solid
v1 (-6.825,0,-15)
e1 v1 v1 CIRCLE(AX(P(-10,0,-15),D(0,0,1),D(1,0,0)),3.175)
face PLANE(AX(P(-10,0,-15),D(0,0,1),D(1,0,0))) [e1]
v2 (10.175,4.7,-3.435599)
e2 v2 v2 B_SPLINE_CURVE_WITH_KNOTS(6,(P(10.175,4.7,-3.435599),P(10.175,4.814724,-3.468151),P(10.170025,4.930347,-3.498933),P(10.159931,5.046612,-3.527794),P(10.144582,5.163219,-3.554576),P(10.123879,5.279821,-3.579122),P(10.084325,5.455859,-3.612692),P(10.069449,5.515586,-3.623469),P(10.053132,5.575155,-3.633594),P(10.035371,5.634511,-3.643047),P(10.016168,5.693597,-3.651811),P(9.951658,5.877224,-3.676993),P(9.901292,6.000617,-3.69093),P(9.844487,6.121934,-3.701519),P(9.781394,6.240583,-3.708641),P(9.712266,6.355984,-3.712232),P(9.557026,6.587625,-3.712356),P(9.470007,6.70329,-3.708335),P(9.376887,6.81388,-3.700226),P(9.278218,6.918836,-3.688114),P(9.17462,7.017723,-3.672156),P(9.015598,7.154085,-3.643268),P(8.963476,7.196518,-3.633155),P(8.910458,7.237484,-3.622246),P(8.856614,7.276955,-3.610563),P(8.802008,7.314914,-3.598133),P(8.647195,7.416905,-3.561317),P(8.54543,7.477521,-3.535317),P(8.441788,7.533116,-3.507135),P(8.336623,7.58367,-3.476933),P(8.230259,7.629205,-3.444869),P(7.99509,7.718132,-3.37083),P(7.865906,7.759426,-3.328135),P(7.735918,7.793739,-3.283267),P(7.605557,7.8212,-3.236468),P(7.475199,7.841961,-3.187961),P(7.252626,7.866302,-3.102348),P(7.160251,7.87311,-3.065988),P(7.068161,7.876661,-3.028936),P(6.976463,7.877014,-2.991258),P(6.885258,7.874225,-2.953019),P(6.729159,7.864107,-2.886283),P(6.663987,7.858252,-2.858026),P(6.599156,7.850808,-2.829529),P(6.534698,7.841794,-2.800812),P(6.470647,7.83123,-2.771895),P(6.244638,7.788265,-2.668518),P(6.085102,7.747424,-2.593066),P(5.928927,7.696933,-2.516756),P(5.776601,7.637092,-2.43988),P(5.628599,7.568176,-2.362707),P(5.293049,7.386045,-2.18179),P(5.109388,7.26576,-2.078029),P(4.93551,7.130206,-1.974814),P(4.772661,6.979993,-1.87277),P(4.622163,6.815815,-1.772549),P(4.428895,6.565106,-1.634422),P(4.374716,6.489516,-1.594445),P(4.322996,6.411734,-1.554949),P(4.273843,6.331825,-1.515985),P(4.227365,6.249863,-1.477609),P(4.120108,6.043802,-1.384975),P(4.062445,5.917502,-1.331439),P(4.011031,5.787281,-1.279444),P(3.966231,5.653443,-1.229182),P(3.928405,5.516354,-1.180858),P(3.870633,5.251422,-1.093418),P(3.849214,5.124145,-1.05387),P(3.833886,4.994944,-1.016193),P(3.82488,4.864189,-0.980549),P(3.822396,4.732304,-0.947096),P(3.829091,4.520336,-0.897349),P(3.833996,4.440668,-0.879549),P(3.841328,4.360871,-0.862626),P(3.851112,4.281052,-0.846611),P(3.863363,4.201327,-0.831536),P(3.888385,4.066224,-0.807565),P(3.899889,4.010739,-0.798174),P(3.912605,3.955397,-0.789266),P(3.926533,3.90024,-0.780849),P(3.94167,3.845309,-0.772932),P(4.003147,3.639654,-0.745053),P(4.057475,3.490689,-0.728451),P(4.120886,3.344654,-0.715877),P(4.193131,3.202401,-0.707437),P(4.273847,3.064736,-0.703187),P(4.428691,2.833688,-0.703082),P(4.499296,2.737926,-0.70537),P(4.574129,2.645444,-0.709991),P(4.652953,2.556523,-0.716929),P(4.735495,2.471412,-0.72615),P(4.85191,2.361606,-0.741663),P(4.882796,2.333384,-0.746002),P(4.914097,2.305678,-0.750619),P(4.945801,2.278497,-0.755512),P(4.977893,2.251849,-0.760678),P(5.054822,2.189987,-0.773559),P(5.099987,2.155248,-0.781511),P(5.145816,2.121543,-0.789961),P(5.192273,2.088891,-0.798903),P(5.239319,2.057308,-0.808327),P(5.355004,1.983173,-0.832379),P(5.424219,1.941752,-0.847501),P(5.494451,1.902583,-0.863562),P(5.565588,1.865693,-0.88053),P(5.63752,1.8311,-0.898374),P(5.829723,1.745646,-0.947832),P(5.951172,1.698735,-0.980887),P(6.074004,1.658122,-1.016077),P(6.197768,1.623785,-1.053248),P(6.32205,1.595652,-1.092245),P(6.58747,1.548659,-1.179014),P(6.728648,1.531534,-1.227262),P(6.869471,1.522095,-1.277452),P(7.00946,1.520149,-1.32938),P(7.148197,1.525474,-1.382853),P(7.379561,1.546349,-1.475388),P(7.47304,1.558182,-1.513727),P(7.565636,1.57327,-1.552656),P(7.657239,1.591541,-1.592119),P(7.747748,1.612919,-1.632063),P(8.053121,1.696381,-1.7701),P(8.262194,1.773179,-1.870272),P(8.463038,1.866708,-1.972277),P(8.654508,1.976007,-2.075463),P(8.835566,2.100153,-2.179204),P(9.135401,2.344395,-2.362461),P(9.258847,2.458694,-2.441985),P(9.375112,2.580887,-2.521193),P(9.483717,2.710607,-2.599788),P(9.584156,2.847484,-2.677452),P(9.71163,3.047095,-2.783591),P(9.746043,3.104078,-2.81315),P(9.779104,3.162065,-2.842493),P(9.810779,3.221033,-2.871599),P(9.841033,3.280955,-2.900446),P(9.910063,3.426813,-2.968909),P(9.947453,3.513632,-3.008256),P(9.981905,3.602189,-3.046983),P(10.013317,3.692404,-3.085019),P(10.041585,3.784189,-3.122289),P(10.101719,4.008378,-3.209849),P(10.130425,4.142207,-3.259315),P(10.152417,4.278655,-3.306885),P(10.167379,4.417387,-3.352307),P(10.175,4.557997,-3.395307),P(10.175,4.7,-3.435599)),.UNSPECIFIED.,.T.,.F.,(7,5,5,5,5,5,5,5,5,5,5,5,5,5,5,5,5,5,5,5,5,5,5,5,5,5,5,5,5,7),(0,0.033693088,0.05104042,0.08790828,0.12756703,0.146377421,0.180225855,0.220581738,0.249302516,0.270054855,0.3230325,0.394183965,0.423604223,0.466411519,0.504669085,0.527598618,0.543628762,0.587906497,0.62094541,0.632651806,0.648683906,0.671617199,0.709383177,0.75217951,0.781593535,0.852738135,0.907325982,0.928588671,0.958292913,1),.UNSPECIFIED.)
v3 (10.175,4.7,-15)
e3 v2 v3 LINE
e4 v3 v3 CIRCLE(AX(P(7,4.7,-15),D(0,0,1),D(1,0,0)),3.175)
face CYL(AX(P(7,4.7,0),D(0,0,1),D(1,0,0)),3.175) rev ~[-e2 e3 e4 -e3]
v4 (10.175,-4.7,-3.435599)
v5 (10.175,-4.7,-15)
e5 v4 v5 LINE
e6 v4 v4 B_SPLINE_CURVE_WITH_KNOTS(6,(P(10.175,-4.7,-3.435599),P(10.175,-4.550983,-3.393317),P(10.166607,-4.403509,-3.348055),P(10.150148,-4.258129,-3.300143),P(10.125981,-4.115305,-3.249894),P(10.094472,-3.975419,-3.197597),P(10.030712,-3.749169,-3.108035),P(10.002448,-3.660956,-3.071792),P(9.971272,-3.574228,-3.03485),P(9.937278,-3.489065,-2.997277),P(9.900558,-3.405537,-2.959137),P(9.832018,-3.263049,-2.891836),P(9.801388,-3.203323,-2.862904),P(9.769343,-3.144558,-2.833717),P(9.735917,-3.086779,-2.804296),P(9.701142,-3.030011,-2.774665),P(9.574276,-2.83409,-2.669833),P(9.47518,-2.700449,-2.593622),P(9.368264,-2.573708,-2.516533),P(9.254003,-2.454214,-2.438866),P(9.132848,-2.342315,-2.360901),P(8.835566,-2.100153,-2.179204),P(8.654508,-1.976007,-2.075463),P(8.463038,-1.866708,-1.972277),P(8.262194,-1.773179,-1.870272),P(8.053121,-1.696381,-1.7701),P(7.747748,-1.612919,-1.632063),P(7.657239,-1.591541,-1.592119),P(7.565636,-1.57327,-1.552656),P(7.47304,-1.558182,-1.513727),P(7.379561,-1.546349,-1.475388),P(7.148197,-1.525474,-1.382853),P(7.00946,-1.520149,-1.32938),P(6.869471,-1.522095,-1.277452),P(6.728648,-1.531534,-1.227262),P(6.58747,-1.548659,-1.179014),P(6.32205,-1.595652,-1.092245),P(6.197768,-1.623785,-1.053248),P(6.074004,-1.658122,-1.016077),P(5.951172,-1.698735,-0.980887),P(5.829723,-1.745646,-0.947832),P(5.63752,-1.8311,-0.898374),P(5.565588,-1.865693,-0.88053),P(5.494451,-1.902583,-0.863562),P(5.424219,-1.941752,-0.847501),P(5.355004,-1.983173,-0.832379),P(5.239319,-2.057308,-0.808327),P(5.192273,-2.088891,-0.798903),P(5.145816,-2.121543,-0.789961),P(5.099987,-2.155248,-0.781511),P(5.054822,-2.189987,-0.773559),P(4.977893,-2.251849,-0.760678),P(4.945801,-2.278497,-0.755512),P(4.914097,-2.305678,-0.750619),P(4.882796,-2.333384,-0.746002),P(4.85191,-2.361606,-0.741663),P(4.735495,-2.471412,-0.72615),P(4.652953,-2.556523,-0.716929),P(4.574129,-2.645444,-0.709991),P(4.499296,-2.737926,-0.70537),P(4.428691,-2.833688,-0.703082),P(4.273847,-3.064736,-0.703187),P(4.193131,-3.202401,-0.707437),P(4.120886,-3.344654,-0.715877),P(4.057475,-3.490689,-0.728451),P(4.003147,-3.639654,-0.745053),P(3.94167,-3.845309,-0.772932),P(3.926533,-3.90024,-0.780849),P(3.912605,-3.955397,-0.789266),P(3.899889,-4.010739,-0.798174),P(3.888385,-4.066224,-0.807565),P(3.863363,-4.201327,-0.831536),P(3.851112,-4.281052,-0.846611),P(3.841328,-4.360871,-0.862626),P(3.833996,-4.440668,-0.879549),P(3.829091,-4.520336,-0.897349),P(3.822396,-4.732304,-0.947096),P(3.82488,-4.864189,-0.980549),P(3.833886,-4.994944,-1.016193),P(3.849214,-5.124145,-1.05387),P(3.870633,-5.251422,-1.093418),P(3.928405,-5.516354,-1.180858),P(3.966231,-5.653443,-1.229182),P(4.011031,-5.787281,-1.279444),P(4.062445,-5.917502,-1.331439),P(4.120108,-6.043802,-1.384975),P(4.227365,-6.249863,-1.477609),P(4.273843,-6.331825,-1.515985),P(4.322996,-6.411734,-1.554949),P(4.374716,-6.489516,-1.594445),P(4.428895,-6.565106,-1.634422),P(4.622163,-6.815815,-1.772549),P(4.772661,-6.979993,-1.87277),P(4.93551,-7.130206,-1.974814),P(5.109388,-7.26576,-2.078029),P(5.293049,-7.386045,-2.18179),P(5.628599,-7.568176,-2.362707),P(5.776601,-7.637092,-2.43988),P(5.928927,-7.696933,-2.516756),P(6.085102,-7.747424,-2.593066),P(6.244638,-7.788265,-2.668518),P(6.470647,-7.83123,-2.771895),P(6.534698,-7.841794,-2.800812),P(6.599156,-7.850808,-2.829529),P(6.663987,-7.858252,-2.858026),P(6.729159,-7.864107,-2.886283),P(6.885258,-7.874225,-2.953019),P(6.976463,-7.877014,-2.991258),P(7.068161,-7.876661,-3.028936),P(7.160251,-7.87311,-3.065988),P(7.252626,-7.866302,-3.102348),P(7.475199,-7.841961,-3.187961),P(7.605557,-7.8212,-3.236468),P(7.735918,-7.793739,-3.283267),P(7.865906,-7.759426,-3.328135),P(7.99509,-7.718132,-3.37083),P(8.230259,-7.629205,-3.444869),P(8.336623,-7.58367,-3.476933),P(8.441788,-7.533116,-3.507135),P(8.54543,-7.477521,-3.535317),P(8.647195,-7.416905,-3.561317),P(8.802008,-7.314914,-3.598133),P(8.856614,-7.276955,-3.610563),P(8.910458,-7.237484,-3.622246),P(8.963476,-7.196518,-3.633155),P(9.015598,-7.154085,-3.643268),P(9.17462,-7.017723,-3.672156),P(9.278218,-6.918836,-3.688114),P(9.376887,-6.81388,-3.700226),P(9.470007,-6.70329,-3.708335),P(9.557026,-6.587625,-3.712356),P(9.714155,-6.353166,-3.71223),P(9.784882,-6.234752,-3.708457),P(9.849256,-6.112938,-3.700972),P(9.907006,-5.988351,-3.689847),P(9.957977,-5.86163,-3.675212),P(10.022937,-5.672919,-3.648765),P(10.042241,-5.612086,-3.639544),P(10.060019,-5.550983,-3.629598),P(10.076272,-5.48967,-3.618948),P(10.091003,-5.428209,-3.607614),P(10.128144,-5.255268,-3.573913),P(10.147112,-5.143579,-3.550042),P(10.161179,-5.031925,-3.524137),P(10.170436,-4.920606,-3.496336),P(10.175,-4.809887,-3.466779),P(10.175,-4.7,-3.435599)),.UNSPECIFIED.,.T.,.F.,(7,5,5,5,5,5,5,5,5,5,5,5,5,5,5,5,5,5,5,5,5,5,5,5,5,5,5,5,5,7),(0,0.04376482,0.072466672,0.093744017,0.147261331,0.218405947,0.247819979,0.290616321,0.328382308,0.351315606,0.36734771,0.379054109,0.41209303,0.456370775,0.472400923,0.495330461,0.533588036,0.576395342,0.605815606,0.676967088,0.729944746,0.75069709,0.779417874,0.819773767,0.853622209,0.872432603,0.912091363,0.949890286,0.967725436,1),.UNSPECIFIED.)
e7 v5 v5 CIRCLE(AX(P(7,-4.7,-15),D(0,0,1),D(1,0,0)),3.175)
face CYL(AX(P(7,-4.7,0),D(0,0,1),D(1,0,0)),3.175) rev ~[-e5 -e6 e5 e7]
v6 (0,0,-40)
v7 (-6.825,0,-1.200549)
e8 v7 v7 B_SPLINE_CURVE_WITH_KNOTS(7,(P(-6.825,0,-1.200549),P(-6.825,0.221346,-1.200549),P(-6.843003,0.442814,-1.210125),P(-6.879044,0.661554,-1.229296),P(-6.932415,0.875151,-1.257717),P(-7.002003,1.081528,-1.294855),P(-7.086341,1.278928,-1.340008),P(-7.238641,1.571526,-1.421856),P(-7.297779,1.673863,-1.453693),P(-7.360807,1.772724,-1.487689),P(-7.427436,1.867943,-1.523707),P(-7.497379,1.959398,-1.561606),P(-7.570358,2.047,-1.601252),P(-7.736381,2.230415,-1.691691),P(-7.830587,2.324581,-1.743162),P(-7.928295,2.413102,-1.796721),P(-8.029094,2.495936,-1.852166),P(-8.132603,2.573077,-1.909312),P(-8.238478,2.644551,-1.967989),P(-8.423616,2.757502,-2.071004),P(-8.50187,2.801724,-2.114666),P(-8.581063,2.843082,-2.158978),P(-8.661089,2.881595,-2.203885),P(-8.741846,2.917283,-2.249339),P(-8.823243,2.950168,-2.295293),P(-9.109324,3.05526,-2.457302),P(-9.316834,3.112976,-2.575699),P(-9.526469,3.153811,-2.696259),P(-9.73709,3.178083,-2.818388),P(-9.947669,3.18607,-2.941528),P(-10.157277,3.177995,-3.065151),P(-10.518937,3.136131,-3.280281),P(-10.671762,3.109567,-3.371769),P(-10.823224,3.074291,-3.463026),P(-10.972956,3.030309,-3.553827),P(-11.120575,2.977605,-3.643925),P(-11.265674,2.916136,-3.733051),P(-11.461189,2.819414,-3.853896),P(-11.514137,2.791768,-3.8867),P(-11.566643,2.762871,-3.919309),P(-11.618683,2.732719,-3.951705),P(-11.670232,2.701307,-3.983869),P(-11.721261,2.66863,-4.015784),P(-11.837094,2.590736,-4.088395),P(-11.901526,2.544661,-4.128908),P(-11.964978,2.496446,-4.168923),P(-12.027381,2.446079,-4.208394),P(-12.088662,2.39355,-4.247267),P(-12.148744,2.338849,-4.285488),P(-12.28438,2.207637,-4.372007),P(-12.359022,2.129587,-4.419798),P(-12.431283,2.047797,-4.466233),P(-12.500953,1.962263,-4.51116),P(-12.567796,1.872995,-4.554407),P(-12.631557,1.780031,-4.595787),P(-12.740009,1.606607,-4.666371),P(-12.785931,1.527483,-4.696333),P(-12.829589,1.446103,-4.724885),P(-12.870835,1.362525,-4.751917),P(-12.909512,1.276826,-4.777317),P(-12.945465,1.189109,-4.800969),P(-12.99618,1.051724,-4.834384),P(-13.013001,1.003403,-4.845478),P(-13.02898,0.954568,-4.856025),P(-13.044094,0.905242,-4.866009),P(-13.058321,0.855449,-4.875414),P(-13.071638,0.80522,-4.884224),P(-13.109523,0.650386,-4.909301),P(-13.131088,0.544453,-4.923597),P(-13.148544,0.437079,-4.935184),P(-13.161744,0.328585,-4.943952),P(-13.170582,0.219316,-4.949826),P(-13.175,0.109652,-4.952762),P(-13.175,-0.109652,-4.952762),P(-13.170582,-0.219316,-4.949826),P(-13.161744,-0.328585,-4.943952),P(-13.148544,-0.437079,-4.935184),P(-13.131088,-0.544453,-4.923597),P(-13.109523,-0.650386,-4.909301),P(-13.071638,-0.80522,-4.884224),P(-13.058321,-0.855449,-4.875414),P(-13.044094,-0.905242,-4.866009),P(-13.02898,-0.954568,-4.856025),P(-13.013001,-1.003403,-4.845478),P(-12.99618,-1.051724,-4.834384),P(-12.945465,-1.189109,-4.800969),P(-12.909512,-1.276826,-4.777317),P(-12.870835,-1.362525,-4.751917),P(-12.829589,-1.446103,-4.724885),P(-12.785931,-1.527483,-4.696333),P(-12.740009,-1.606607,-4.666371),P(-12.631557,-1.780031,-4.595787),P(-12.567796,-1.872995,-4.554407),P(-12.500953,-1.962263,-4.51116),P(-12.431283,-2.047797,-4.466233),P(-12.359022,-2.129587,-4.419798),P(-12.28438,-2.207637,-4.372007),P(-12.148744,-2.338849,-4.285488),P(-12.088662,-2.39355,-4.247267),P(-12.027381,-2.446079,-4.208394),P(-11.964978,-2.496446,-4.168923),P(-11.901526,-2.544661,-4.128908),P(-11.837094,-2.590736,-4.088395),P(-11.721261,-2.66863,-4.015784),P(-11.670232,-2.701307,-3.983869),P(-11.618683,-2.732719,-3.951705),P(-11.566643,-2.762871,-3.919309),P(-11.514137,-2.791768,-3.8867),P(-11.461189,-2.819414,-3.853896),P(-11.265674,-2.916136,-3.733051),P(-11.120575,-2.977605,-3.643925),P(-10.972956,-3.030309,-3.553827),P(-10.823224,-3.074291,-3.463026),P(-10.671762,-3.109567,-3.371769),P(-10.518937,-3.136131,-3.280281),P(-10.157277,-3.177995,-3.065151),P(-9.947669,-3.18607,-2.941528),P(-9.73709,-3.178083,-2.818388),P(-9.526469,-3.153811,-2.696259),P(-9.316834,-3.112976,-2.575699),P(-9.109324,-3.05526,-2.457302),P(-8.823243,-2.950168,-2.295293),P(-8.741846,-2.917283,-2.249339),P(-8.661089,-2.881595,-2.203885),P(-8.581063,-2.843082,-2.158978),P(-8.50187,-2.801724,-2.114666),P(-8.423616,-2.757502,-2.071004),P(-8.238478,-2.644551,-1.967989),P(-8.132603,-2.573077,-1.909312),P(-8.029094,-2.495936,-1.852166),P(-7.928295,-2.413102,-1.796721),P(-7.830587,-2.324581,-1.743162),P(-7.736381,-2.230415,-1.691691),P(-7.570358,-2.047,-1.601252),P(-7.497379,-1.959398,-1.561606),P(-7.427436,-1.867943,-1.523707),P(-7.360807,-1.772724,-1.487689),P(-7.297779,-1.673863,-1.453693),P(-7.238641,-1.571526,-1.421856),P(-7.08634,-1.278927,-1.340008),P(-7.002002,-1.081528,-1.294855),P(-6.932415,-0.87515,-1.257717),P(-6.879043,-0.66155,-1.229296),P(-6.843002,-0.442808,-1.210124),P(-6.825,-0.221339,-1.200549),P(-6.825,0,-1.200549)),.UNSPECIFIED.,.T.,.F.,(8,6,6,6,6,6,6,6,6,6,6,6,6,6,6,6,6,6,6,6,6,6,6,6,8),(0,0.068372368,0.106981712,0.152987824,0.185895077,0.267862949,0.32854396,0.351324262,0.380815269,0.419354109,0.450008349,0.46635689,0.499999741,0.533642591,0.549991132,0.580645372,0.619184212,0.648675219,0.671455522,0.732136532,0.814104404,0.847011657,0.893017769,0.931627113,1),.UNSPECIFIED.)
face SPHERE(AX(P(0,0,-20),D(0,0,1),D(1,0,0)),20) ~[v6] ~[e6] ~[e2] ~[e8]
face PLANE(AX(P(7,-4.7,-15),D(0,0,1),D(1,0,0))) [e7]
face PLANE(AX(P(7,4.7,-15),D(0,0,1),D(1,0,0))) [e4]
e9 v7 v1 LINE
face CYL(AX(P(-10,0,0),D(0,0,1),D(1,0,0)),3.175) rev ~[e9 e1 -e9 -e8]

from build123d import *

# Parameters (mm, degrees)
F2_R     = 3.175
F3_DEPTH = 15


with BuildPart() as f1:
    # F0 (on Front) → F1 (revolve)
    with BuildSketch(Plane.XZ):
        with BuildLine():
            Line((0, 0), (0, -40))
            ThreePointArc((0, -40), (20, -20), (0, 0))
        make_face()
    revolve(axis=Axis((0, 0, -20), (0, 0, -1)))

    # F2 (on Top) → F3 (cut)
    with BuildSketch(Plane.XY):
        with Locations((-10, 0)):
            Circle(F2_R)
        with Locations((7, 4.7)):
            Circle(F2_R)
        with Locations((7, -4.7)):
            Circle(F2_R)
    extrude(amount=-F3_DEPTH, mode=Mode.SUBTRACT)


solid = f1.part
